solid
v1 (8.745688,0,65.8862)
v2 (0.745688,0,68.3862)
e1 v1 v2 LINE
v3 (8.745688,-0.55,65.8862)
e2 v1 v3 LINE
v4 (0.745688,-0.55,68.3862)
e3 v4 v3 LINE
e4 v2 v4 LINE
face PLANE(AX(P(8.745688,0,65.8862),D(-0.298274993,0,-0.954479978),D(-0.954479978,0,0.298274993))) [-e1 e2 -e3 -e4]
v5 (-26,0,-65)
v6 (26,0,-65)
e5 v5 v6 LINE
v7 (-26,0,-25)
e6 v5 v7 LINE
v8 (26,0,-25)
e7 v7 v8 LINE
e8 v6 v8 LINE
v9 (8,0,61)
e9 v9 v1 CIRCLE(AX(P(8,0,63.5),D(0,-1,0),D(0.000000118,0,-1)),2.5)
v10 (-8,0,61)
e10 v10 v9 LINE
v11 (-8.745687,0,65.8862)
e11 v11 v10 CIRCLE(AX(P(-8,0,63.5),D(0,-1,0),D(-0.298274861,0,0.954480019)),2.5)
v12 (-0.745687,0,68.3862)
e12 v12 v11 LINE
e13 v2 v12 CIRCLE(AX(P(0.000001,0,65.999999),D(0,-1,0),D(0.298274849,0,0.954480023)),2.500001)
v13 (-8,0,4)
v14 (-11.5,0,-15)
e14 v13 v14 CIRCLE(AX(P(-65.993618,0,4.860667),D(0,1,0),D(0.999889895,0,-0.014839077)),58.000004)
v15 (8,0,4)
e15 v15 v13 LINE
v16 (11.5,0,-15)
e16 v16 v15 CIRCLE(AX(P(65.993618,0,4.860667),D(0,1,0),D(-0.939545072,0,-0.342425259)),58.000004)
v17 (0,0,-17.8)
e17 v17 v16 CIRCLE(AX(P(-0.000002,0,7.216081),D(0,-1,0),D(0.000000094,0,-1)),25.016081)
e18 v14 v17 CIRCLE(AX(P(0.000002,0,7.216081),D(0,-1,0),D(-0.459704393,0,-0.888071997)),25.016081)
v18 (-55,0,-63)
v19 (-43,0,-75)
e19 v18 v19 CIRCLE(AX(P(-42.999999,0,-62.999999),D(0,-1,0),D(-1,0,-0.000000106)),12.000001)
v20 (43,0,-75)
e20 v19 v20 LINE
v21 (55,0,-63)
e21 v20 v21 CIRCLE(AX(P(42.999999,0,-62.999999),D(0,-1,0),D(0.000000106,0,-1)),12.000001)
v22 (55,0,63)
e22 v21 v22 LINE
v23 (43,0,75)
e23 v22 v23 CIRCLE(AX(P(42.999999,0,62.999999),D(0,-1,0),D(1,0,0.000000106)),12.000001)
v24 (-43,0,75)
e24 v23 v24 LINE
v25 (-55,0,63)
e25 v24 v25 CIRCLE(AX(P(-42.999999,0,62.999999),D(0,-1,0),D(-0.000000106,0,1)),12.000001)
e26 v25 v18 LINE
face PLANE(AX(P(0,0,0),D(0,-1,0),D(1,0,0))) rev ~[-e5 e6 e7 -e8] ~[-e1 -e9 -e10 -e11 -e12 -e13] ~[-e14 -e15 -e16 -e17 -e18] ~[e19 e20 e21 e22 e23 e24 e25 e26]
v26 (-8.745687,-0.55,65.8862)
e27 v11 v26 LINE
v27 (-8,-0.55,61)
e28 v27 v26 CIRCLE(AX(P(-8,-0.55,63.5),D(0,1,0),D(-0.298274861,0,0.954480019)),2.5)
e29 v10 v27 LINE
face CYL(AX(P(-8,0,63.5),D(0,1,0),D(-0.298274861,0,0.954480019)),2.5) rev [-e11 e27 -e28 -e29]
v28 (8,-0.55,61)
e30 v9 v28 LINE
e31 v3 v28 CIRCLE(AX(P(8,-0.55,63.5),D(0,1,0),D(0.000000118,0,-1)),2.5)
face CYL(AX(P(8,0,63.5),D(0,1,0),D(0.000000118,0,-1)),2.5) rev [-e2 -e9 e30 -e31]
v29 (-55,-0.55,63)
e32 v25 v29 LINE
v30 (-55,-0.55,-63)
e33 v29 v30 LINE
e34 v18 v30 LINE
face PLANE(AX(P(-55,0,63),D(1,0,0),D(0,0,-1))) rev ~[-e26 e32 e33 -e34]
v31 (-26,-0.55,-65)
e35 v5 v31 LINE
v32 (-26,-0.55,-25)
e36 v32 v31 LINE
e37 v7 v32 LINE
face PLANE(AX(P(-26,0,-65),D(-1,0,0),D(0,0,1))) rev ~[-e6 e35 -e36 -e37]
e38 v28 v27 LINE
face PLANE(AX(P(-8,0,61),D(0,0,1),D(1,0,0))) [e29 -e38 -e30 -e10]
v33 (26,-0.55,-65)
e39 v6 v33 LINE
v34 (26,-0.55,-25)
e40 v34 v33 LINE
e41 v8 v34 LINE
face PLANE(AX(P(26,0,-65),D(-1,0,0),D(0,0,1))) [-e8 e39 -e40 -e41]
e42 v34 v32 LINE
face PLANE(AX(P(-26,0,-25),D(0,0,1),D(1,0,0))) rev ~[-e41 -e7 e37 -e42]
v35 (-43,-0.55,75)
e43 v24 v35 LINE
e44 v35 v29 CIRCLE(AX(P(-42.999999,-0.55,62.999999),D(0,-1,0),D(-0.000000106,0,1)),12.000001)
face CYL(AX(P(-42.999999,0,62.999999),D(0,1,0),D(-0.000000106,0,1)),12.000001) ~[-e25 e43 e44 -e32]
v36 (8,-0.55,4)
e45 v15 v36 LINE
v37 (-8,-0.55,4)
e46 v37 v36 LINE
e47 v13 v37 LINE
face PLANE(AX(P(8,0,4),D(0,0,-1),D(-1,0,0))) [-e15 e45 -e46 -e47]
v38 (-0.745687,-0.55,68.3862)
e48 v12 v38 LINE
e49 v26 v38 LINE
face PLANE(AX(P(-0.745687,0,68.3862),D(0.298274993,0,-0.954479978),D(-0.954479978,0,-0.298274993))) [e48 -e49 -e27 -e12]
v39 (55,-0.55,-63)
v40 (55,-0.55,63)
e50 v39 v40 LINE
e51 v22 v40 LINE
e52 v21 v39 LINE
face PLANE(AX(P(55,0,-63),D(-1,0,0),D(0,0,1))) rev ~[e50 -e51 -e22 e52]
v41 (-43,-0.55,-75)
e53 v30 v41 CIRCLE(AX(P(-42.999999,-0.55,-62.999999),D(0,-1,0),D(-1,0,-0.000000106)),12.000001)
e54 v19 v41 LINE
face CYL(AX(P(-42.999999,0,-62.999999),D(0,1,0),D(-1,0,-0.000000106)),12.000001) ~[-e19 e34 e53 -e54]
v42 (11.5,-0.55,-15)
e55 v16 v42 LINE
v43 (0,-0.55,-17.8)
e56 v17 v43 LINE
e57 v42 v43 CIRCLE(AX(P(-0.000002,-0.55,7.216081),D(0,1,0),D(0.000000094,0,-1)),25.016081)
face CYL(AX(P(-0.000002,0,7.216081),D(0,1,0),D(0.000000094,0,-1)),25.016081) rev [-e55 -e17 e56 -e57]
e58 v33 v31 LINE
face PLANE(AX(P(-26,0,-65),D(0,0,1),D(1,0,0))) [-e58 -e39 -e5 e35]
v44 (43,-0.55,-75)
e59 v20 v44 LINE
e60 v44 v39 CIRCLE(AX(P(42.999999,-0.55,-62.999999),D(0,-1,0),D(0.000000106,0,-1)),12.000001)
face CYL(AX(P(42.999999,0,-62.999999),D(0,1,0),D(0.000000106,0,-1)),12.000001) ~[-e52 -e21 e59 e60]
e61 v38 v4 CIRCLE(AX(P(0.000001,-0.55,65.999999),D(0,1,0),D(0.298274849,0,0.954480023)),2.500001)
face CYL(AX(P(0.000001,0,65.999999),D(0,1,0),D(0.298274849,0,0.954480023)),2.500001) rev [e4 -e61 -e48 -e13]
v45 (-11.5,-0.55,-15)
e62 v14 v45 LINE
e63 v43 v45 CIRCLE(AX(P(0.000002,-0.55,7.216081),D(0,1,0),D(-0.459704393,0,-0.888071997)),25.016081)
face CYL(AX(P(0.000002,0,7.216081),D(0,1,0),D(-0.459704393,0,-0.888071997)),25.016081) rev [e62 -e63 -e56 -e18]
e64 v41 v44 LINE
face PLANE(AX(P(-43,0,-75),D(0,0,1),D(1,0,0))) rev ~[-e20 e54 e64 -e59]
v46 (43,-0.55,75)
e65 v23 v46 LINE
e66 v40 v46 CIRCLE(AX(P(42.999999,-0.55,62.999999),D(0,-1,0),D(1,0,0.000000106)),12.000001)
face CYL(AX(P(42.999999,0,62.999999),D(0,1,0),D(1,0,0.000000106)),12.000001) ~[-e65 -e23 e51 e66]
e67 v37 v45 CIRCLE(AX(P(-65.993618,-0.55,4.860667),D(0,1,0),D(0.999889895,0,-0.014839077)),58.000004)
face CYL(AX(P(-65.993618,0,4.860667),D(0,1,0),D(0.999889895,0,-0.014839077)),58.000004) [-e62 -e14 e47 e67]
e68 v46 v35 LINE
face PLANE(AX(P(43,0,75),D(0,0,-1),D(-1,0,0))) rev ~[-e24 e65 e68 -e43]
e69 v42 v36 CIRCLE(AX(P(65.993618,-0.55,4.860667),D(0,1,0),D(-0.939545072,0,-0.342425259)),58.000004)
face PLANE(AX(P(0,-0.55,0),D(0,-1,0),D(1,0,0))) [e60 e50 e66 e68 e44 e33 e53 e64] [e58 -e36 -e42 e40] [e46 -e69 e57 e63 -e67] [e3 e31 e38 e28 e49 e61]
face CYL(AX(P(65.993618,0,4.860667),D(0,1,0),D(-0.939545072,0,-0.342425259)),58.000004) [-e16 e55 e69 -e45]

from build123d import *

# Parameters (mm, degrees)
F1_DEPTH = 0.55
F2_W     = 52
F2_H     = 40
F3_DEPTH = 0.551
F5_DEPTH = 0.551


with BuildPart() as f1:
    # F0 (on Front) → F1 (new body)
    with BuildSketch(Plane.XZ):
        with BuildLine():
            ThreePointArc((55, 63), (51.485281, 71.485281), (43, 75))
            Line((43, 75), (-43, 75))
            ThreePointArc((-43, 75), (-51.485281, 71.485281), (-55, 63))
            Line((-55, 63), (-55, -63))
            ThreePointArc((-55, -63), (-51.485281, -71.485281), (-43, -75))
            Line((-43, -75), (43, -75))
            ThreePointArc((43, -75), (51.485281, -71.485281), (55, -63))
            Line((55, -63), (55, 63))
        make_face()
    extrude(amount=F1_DEPTH)

    # F2 (on Front) → F3 (cut, through all)
    with BuildSketch(Plane.XZ):
        with BuildLine():
            Line((0, 4), (-8, 4))
            ThreePointArc((-8, 4), (-8.953329, -5.646755), (-11.5, -15))
            ThreePointArc((-11.5, -15), (-5.917981, -17.089922), (0, -17.8))
            ThreePointArc((0, -17.8), (5.917981, -17.089922), (11.5, -15))
            ThreePointArc((11.5, -15), (8.953329, -5.646755), (8, 4))
            Line((8, 4), (0, 4))
        make_face()
        with Locations((0, -45)):
            Rectangle(F2_W, F2_H)
    extrude(amount=F3_DEPTH, mode=Mode.SUBTRACT)

    # F4 (on Front) → F5 (cut, through all)
    with BuildSketch(Plane.XZ):
        with BuildLine():
            Line((-8, 61), (8, 61))
            ThreePointArc((8, 61), (10.471386, 63.122839), (8.745688, 65.8862))
            Line((8.745688, 65.8862), (0.745688, 68.3862))
            ThreePointArc((0.745688, 68.3862), (0, 68.5), (-0.745687, 68.3862))
            Line((-0.745687, 68.3862), (-8.745687, 65.8862))
            ThreePointArc((-8.745687, 65.8862), (-10.471386, 63.122839), (-8, 61))
        make_face()
    extrude(amount=F5_DEPTH, mode=Mode.SUBTRACT)


solid = f1.part
